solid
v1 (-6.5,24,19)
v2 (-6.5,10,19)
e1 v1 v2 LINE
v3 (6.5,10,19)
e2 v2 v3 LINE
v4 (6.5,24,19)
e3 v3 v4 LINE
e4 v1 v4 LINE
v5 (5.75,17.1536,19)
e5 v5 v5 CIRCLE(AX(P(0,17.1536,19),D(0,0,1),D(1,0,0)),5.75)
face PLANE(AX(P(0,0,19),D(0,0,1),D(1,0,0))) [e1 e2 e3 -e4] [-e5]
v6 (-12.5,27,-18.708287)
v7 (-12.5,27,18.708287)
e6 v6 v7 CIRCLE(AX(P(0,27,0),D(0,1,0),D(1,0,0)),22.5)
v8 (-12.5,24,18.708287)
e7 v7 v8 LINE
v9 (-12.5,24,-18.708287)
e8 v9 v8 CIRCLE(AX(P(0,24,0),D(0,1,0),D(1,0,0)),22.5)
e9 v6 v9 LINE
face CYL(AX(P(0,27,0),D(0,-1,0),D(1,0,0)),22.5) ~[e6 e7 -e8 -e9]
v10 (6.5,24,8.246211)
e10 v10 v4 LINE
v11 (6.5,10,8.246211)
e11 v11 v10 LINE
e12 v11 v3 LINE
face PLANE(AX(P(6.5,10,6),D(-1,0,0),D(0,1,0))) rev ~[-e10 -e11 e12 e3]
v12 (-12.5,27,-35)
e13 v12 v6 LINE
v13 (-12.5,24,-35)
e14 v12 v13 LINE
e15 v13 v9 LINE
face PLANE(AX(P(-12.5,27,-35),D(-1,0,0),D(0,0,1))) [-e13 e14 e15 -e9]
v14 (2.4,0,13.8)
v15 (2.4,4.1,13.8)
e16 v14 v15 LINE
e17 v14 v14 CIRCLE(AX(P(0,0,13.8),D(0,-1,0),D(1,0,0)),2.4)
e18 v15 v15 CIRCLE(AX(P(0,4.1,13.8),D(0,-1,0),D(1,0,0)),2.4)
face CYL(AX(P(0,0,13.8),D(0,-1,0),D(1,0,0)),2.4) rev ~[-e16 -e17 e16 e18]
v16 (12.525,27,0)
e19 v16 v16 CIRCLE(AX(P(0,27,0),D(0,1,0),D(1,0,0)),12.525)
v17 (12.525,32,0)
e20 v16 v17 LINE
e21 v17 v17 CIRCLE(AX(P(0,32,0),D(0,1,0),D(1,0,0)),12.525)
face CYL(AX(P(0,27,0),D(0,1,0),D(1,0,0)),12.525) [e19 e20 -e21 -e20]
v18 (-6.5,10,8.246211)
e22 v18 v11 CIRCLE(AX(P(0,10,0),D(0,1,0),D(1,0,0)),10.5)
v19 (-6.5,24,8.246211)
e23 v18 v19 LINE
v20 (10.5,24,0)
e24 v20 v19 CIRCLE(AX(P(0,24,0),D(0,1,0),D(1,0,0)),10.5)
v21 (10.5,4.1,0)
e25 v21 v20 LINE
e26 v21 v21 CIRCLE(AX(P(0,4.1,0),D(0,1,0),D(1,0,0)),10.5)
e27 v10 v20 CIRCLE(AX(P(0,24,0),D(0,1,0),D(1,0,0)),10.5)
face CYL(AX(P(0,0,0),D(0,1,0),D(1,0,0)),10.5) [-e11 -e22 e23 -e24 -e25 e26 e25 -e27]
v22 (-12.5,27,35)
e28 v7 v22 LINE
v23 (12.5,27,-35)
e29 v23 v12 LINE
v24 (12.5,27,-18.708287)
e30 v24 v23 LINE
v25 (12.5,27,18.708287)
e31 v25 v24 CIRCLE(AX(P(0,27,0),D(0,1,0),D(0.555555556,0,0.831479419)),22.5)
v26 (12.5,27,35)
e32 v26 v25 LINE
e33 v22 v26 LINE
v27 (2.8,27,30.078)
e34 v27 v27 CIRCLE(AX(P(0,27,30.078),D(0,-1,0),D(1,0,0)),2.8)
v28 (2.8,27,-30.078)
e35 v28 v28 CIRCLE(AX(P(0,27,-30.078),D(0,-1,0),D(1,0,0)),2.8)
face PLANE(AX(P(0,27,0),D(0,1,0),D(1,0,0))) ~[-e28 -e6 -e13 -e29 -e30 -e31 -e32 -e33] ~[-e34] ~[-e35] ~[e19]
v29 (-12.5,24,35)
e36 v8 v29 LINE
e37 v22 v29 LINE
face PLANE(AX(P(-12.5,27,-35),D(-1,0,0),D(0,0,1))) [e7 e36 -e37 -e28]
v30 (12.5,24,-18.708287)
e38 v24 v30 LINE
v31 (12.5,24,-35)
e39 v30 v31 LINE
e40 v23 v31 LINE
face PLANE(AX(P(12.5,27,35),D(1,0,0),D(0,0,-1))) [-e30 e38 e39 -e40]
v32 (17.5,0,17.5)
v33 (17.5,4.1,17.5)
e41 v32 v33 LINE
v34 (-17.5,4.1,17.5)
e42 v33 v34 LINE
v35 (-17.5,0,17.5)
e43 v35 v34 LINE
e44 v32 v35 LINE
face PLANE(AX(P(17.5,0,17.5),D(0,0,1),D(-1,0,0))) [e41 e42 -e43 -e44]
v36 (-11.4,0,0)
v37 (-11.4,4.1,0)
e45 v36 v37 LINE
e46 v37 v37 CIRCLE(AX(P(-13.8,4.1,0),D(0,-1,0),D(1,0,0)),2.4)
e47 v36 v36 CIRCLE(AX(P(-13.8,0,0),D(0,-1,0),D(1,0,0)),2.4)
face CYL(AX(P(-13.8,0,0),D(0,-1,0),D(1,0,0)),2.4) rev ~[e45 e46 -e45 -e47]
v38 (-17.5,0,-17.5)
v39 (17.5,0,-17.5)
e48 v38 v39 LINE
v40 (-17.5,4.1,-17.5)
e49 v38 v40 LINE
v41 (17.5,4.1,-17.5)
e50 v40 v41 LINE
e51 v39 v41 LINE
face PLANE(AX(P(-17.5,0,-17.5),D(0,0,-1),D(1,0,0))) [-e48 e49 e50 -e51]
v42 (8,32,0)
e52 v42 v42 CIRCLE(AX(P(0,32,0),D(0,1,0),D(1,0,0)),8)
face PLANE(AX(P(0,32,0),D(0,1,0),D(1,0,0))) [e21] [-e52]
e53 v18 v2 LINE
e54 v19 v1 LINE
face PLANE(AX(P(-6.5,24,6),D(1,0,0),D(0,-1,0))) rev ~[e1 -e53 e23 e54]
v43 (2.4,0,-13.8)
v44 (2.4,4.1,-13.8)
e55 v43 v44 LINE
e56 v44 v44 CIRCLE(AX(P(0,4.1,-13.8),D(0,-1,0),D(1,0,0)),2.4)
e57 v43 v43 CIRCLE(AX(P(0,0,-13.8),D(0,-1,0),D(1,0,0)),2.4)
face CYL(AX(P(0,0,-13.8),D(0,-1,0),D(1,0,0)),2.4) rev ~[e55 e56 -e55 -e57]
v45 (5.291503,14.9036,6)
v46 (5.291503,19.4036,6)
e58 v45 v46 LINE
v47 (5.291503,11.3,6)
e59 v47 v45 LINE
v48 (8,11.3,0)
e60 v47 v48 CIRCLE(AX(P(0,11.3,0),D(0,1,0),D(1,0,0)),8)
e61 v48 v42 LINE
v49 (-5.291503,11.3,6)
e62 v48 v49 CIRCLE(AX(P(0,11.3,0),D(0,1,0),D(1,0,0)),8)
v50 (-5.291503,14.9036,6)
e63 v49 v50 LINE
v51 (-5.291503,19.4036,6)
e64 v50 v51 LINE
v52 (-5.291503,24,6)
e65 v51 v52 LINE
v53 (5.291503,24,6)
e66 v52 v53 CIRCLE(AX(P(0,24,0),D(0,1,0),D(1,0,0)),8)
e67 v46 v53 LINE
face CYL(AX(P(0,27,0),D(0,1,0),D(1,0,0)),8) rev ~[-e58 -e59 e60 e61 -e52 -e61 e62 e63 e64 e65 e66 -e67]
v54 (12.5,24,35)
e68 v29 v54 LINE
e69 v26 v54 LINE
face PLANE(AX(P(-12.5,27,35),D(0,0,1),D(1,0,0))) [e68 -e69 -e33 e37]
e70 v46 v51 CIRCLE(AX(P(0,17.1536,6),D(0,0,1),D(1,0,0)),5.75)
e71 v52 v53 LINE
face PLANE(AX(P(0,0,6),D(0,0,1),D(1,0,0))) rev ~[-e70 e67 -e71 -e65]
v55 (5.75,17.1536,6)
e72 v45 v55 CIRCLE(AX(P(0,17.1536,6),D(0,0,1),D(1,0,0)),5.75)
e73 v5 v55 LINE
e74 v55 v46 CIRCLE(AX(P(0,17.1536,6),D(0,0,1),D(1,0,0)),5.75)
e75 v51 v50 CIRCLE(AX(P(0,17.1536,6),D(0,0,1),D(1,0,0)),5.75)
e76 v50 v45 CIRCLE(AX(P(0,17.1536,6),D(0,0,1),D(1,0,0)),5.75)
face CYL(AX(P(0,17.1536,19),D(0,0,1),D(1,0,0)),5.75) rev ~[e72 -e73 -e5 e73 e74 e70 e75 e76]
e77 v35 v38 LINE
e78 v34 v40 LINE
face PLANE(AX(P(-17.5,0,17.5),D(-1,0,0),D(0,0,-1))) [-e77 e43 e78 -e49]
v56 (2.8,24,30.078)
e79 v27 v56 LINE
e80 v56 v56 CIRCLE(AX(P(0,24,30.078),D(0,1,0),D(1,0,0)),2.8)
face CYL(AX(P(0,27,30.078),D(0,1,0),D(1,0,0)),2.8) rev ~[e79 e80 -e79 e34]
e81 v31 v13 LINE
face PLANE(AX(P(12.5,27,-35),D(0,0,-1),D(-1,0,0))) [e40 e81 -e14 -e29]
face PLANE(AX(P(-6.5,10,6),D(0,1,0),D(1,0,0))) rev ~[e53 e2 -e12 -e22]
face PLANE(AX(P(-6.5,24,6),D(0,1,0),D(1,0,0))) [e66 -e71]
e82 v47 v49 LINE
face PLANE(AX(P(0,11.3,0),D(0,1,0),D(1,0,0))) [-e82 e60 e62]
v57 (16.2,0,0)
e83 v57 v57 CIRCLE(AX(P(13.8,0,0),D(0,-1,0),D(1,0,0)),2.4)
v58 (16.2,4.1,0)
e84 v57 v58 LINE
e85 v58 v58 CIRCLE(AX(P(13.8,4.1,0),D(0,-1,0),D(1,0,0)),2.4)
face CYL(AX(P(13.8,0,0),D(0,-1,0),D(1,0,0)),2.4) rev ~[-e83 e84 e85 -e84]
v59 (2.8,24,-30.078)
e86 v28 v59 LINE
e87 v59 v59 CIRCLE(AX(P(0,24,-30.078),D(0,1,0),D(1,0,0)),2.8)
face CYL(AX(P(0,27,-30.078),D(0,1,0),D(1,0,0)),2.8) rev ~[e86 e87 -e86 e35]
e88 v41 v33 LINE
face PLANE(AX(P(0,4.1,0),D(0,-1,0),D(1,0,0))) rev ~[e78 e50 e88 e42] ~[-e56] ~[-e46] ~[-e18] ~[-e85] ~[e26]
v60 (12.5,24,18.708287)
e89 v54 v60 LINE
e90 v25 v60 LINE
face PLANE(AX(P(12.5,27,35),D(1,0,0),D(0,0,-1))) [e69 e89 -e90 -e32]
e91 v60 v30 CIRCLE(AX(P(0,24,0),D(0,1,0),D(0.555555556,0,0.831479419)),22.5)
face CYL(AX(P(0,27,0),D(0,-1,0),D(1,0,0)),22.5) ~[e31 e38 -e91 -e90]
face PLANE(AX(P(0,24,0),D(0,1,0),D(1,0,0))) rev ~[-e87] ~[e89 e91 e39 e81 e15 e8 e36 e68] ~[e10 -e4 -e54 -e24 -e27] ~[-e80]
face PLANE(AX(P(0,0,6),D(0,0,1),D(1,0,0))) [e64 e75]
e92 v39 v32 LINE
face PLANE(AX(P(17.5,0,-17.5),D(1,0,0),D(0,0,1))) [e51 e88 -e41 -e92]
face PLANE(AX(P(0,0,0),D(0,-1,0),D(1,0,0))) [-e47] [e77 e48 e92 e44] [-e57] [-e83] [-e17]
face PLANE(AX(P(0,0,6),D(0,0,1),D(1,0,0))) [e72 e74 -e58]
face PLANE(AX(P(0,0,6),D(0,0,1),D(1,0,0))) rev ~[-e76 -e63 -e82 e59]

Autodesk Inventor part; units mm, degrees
ref_plane "YZ Plane" through (0, 0, 0) normal (1, 0, 0) x (0, 1, 0)
ref_plane "XZ Plane" through (0, 0, 0) normal (0, 1, 0) x (-1, 0, 0)
sketch "Sketch1" plane through (0, 0, 0) normal (0, 0, 1) x (1, 0, 0)
  line L0 (12.525, 32) -> (8, 32)
  line L1 (8, 0) -> (8, 24)
  line L2 (22.5, 27) -> (22.5, 24)
  line L3 (22.5, 24) -> (12.525, 24)
  line L4 (10.5, 0) -> (10.5, 24)
  line L5 (10.5, 32) -> (8, 32)
  line L6 (8, 27) -> (8, 32)
  line L7 (12.525, 27) -> (22.5, 27)
  line L8 (8, 24) -> (8, 27)
  line L9 (12.525, 24) -> (10.5, 24)
  line L10 (12.525, 27) -> (12.525, 32)
  line L11 (8, 0) -> (10.5, 0)
  line L12 (0, -6.4) -> (0, 38.4) projected
  point P0 (0, 0)
revolve "Revolution1" add sketch "Sketch1" angle 360 about axis through (0, -10, 0) along (0, 1, 0)
sketch "Sketch2" plane through (0, 27, 0) normal (0, 1, 0) x (1, 0, 0)
  line L0 (12.5, 35) -> (-12.5, 35)
  line L1 (-12.5, 35) -> (-12.5, -35)
  line L2 (-12.5, -35) -> (12.5, -35)
  line L3 (12.5, -35) -> (12.5, 35)
  point P0 (0, 0)
  dimension "d8" = 25
  dimension "d9" = 70
extrude "Extrusion1" add sketch "Sketch2" against normal blind 3
sketch "Sketch3" plane through (0, 27, 0) normal (0, 1, 0) x (1, 0, 0)
  circle A0 centre (0, 0) radius 8
extrude "Extrusion2" cut sketch "Sketch3" against normal blind 3
sketch "Sketch4" plane through (-12.5, 27, 35) normal (0, 1, 0) x (1, 0, 0)
  line L0 (12.5, 35) -> (12.5, 65.078)
  line L1 (12.5, 35) -> (12.5, 4.922)
  circle A0 centre (12.5, 65.078) radius 2.8
  circle A1 centre (12.5, 4.922) radius 2.8
  dimension "d14" = 30.078
  dimension "d15" = 30.078
  dimension "d16" = 5.6
  dimension "d17" = 5.6
extrude "Extrusion3" cut sketch "Sketch4" against normal blind 3
sketch "Sketch5" plane through (0, 0, 0) normal (0, -1, 0) x (1, 0, 0)
  line L0 (17.5, 17.5) -> (-17.5, 17.5)
  line L1 (-17.5, 17.5) -> (-17.5, -17.5)
  line L2 (-17.5, -17.5) -> (17.5, -17.5)
  line L3 (17.5, -17.5) -> (17.5, 17.5)
  circle A0 centre (0, 13.8) radius 2.4
  circle A1 centre (13.8, 0) radius 2.4
  circle A2 centre (0, -13.8) radius 2.4
  circle A3 centre (-13.8, 0) radius 2.4
  point P0 (0, 0)
  dimension "d20" = 35
  dimension "d21" = 35
  dimension "d26" = 4.8
  dimension "d28" = 4.8
extrude "Extrusion4" add sketch "Sketch5" against normal blind 4.1
sketch "Sketch6" plane through (17.5, 0, -17.5) normal (0, 0, -1) x (-1, 0, 0)
  point P0 (17.5, 0)
ref_plane "Work Plane1" through (0, 0, 6) normal (0, 0, 1) x (1, 0, 0)
sketch "Sketch7" plane through (0, 0, 6) normal (0, 0, 1) x (1, 0, 0)
  line L0 (-10.5, 24) -> (10.5, 24) projected
  line L1 (6.5, 24) -> (-6.5, 24)
  line L2 (-6.5, 24) -> (-6.5, 10)
  line L3 (-6.5, 10) -> (6.5, 10)
  line L4 (6.5, 10) -> (6.5, 24)
  point P0 (0, 0)
  dimension "d33" = 13
  dimension "d34" = 14
extrude "Extrusion5" add sketch "Sketch7" along normal blind 13
sketch "Sketch8" plane through (0, 0, 19) normal (0, 0, 1) x (1, 0, 0)
  circle A0 centre (0, 17.1536) radius 5.75
  point P0 (0, 0)
  dimension "d37" = 11.5
extrude "Extrusion6" cut sketch "Sketch8" against normal blind 13
sketch "Sketch9" plane through (0, 4.1, 0) normal (0, 1, 0) x (1, 0, 0)
  circle A0 centre (0, 0) radius 8
extrude "Extrusion7" add sketch "Sketch9" along normal blind 7.2
properties part number "Vacuum Gripper holder"
